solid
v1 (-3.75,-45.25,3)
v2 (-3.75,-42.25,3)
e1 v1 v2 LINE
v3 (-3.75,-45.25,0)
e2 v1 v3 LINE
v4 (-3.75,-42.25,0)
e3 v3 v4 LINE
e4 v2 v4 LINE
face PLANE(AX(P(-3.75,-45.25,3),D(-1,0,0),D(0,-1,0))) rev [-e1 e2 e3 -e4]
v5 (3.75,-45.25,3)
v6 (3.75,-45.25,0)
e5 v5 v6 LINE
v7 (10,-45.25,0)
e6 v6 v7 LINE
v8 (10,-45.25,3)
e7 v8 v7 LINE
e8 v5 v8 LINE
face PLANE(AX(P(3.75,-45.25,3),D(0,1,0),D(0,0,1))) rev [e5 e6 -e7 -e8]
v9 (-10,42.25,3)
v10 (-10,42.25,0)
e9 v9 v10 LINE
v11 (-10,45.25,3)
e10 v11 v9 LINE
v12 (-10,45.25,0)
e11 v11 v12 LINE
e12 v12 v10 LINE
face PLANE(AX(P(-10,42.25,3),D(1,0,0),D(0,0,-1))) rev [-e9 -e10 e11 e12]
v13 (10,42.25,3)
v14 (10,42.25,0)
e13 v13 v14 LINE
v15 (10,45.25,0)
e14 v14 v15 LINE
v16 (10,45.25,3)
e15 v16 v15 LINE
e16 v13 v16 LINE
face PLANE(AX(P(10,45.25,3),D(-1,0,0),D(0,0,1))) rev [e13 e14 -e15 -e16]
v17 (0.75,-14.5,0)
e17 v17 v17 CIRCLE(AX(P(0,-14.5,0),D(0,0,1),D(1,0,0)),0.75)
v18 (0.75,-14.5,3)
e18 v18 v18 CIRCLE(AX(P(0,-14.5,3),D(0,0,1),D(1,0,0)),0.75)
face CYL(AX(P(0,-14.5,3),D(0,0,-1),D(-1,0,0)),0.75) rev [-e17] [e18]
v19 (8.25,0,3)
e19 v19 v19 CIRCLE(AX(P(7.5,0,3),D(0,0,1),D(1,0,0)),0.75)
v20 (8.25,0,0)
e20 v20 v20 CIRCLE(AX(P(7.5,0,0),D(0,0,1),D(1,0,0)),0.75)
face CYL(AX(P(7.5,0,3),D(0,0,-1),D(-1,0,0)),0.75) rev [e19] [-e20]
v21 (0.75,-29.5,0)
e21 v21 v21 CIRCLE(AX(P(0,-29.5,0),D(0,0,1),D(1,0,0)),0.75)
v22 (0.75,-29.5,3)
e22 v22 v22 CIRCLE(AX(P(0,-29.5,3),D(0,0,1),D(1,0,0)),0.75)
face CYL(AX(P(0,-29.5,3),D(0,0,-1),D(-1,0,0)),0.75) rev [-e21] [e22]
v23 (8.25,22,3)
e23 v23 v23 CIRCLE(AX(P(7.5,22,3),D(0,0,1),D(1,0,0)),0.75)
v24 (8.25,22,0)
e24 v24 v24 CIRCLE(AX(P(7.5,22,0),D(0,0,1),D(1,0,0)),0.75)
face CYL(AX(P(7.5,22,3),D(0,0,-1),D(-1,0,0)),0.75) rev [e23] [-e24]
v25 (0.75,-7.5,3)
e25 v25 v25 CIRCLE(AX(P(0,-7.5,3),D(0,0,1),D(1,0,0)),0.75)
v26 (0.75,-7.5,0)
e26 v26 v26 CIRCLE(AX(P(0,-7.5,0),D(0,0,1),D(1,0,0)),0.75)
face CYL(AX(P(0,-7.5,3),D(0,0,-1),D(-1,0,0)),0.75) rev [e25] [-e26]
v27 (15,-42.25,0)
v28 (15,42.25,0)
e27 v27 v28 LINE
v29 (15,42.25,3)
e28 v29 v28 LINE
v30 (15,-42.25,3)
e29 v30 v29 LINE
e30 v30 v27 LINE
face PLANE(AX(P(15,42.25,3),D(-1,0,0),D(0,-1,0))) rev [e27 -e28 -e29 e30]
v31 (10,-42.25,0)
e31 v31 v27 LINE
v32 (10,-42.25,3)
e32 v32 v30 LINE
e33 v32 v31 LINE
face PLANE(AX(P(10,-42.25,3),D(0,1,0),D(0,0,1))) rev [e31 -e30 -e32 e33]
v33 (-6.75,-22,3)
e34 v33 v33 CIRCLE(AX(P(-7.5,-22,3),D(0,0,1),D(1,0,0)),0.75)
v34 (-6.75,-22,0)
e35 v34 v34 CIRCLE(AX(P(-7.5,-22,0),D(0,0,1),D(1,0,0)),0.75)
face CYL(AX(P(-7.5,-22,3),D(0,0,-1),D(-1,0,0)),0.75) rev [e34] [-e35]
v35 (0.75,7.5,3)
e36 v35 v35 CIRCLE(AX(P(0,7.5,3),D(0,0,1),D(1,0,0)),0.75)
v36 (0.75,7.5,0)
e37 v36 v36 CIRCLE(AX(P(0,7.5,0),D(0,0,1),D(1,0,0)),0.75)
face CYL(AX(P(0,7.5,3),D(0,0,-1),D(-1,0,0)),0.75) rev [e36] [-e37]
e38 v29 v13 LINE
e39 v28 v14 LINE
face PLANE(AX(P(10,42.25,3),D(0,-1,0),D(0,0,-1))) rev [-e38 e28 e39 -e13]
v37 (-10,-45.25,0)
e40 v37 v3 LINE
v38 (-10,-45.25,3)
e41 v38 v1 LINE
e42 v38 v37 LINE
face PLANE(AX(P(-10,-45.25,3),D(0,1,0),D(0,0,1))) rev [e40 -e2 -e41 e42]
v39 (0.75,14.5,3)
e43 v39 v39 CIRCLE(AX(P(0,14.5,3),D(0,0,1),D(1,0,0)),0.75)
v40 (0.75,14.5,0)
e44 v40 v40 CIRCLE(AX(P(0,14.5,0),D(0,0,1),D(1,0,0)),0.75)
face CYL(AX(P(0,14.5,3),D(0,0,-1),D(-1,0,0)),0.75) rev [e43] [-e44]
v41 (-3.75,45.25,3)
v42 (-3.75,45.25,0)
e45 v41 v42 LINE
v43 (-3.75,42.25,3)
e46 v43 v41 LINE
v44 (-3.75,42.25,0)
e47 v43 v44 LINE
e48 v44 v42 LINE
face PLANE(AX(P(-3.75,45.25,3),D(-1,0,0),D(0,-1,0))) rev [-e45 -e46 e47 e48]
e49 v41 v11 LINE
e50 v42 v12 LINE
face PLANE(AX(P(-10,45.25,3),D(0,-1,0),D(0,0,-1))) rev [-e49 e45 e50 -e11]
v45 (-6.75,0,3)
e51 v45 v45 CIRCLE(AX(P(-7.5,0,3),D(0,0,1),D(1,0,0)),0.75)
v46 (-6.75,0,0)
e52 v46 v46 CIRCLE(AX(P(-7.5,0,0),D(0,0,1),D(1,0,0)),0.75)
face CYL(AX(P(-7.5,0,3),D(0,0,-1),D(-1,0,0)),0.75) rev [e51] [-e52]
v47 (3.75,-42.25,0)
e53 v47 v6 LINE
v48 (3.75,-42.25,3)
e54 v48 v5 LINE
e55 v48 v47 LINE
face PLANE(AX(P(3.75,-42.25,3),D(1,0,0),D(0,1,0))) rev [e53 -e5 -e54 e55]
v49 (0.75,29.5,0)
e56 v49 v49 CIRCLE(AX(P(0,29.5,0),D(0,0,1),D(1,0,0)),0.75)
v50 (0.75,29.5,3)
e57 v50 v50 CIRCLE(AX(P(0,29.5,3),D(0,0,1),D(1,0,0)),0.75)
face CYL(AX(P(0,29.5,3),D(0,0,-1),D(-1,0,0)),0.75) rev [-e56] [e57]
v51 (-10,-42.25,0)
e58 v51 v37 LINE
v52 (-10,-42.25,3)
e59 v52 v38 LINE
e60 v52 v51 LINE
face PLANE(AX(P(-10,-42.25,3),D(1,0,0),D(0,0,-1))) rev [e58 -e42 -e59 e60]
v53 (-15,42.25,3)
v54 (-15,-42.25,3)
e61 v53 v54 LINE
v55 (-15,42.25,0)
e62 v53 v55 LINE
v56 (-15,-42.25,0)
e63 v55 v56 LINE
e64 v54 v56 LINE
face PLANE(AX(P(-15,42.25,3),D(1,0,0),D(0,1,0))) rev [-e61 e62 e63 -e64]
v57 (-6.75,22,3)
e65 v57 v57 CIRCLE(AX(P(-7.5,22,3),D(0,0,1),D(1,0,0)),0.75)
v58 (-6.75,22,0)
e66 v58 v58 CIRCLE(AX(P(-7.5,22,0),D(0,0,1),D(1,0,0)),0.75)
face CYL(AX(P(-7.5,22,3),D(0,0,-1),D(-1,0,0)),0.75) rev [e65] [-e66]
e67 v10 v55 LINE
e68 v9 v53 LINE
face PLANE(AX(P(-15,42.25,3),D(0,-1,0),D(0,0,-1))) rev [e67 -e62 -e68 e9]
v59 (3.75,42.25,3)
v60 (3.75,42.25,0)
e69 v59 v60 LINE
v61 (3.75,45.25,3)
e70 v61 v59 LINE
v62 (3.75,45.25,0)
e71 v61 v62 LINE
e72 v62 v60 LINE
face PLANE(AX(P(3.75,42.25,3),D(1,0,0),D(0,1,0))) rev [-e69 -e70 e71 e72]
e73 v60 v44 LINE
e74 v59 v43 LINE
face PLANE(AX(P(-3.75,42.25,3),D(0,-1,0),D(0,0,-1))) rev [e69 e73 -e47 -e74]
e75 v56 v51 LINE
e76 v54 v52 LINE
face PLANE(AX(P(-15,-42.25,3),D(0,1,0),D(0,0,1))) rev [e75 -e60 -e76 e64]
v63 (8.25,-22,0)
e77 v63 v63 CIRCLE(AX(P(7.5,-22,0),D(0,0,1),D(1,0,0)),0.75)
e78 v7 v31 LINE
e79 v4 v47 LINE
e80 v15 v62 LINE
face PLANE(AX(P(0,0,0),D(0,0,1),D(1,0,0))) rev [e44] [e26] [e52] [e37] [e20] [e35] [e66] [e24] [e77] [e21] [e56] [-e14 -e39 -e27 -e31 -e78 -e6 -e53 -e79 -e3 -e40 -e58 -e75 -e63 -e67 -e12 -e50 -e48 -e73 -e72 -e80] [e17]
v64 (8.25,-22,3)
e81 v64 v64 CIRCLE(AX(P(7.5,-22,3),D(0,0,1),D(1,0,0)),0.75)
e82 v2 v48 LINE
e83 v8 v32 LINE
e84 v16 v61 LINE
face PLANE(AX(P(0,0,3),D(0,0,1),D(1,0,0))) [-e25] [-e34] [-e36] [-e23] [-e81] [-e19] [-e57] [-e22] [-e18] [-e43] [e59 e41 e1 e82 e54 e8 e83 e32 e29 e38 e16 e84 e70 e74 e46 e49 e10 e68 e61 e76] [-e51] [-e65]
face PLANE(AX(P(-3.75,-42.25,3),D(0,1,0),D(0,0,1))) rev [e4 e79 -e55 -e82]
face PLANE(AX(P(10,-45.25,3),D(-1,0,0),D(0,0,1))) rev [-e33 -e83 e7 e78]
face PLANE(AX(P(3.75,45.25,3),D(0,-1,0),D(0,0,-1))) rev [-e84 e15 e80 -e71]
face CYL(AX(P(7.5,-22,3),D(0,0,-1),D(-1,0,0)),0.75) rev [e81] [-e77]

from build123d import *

# Parameters (mm, degrees)
SKETCH1_R           = 0.75
BOSS_EXTRUDE1_DEPTH = 3


with BuildPart() as part:
    # Sketch1 → Boss-Extrude1 (new body)
    with BuildSketch(Plane.XY):
        Polygon((-15, 42.25), (-10, 42.25), (-10, 45.25), (-3.75, 45.25), (-3.75, 42.25), (3.75, 42.25), (3.75, 45.25), (10, 45.25), (10, 42.25), (15, 42.25), (15, -42.25), (10, -42.25), (10, -45.25), (3.75, -45.25), (3.75, -42.25), (-3.75, -42.25), (-3.75, -45.25), (-10, -45.25), (-10, -42.25), (-15, -42.25), align=None)
        with Locations((0, 29.5)):
            Circle(SKETCH1_R, mode=Mode.SUBTRACT)
        with Locations((7.5, 22)):
            Circle(SKETCH1_R, mode=Mode.SUBTRACT)
        with Locations((0, 14.5)):
            Circle(SKETCH1_R, mode=Mode.SUBTRACT)
        with Locations((-7.5, 22)):
            Circle(SKETCH1_R, mode=Mode.SUBTRACT)
        with Locations((0, 7.5)):
            Circle(SKETCH1_R, mode=Mode.SUBTRACT)
        with Locations((-7.5, 0)):
            Circle(SKETCH1_R, mode=Mode.SUBTRACT)
        with Locations((0, -7.5)):
            Circle(SKETCH1_R, mode=Mode.SUBTRACT)
        with Locations((7.5, 0)):
            Circle(SKETCH1_R, mode=Mode.SUBTRACT)
        with Locations((0, -14.5)):
            Circle(SKETCH1_R, mode=Mode.SUBTRACT)
        with Locations((-7.5, -22)):
            Circle(SKETCH1_R, mode=Mode.SUBTRACT)
        with Locations((0, -29.5)):
            Circle(SKETCH1_R, mode=Mode.SUBTRACT)
        with Locations((7.5, -22)):
            Circle(SKETCH1_R, mode=Mode.SUBTRACT)
    extrude(amount=BOSS_EXTRUDE1_DEPTH)


solid = part.part
